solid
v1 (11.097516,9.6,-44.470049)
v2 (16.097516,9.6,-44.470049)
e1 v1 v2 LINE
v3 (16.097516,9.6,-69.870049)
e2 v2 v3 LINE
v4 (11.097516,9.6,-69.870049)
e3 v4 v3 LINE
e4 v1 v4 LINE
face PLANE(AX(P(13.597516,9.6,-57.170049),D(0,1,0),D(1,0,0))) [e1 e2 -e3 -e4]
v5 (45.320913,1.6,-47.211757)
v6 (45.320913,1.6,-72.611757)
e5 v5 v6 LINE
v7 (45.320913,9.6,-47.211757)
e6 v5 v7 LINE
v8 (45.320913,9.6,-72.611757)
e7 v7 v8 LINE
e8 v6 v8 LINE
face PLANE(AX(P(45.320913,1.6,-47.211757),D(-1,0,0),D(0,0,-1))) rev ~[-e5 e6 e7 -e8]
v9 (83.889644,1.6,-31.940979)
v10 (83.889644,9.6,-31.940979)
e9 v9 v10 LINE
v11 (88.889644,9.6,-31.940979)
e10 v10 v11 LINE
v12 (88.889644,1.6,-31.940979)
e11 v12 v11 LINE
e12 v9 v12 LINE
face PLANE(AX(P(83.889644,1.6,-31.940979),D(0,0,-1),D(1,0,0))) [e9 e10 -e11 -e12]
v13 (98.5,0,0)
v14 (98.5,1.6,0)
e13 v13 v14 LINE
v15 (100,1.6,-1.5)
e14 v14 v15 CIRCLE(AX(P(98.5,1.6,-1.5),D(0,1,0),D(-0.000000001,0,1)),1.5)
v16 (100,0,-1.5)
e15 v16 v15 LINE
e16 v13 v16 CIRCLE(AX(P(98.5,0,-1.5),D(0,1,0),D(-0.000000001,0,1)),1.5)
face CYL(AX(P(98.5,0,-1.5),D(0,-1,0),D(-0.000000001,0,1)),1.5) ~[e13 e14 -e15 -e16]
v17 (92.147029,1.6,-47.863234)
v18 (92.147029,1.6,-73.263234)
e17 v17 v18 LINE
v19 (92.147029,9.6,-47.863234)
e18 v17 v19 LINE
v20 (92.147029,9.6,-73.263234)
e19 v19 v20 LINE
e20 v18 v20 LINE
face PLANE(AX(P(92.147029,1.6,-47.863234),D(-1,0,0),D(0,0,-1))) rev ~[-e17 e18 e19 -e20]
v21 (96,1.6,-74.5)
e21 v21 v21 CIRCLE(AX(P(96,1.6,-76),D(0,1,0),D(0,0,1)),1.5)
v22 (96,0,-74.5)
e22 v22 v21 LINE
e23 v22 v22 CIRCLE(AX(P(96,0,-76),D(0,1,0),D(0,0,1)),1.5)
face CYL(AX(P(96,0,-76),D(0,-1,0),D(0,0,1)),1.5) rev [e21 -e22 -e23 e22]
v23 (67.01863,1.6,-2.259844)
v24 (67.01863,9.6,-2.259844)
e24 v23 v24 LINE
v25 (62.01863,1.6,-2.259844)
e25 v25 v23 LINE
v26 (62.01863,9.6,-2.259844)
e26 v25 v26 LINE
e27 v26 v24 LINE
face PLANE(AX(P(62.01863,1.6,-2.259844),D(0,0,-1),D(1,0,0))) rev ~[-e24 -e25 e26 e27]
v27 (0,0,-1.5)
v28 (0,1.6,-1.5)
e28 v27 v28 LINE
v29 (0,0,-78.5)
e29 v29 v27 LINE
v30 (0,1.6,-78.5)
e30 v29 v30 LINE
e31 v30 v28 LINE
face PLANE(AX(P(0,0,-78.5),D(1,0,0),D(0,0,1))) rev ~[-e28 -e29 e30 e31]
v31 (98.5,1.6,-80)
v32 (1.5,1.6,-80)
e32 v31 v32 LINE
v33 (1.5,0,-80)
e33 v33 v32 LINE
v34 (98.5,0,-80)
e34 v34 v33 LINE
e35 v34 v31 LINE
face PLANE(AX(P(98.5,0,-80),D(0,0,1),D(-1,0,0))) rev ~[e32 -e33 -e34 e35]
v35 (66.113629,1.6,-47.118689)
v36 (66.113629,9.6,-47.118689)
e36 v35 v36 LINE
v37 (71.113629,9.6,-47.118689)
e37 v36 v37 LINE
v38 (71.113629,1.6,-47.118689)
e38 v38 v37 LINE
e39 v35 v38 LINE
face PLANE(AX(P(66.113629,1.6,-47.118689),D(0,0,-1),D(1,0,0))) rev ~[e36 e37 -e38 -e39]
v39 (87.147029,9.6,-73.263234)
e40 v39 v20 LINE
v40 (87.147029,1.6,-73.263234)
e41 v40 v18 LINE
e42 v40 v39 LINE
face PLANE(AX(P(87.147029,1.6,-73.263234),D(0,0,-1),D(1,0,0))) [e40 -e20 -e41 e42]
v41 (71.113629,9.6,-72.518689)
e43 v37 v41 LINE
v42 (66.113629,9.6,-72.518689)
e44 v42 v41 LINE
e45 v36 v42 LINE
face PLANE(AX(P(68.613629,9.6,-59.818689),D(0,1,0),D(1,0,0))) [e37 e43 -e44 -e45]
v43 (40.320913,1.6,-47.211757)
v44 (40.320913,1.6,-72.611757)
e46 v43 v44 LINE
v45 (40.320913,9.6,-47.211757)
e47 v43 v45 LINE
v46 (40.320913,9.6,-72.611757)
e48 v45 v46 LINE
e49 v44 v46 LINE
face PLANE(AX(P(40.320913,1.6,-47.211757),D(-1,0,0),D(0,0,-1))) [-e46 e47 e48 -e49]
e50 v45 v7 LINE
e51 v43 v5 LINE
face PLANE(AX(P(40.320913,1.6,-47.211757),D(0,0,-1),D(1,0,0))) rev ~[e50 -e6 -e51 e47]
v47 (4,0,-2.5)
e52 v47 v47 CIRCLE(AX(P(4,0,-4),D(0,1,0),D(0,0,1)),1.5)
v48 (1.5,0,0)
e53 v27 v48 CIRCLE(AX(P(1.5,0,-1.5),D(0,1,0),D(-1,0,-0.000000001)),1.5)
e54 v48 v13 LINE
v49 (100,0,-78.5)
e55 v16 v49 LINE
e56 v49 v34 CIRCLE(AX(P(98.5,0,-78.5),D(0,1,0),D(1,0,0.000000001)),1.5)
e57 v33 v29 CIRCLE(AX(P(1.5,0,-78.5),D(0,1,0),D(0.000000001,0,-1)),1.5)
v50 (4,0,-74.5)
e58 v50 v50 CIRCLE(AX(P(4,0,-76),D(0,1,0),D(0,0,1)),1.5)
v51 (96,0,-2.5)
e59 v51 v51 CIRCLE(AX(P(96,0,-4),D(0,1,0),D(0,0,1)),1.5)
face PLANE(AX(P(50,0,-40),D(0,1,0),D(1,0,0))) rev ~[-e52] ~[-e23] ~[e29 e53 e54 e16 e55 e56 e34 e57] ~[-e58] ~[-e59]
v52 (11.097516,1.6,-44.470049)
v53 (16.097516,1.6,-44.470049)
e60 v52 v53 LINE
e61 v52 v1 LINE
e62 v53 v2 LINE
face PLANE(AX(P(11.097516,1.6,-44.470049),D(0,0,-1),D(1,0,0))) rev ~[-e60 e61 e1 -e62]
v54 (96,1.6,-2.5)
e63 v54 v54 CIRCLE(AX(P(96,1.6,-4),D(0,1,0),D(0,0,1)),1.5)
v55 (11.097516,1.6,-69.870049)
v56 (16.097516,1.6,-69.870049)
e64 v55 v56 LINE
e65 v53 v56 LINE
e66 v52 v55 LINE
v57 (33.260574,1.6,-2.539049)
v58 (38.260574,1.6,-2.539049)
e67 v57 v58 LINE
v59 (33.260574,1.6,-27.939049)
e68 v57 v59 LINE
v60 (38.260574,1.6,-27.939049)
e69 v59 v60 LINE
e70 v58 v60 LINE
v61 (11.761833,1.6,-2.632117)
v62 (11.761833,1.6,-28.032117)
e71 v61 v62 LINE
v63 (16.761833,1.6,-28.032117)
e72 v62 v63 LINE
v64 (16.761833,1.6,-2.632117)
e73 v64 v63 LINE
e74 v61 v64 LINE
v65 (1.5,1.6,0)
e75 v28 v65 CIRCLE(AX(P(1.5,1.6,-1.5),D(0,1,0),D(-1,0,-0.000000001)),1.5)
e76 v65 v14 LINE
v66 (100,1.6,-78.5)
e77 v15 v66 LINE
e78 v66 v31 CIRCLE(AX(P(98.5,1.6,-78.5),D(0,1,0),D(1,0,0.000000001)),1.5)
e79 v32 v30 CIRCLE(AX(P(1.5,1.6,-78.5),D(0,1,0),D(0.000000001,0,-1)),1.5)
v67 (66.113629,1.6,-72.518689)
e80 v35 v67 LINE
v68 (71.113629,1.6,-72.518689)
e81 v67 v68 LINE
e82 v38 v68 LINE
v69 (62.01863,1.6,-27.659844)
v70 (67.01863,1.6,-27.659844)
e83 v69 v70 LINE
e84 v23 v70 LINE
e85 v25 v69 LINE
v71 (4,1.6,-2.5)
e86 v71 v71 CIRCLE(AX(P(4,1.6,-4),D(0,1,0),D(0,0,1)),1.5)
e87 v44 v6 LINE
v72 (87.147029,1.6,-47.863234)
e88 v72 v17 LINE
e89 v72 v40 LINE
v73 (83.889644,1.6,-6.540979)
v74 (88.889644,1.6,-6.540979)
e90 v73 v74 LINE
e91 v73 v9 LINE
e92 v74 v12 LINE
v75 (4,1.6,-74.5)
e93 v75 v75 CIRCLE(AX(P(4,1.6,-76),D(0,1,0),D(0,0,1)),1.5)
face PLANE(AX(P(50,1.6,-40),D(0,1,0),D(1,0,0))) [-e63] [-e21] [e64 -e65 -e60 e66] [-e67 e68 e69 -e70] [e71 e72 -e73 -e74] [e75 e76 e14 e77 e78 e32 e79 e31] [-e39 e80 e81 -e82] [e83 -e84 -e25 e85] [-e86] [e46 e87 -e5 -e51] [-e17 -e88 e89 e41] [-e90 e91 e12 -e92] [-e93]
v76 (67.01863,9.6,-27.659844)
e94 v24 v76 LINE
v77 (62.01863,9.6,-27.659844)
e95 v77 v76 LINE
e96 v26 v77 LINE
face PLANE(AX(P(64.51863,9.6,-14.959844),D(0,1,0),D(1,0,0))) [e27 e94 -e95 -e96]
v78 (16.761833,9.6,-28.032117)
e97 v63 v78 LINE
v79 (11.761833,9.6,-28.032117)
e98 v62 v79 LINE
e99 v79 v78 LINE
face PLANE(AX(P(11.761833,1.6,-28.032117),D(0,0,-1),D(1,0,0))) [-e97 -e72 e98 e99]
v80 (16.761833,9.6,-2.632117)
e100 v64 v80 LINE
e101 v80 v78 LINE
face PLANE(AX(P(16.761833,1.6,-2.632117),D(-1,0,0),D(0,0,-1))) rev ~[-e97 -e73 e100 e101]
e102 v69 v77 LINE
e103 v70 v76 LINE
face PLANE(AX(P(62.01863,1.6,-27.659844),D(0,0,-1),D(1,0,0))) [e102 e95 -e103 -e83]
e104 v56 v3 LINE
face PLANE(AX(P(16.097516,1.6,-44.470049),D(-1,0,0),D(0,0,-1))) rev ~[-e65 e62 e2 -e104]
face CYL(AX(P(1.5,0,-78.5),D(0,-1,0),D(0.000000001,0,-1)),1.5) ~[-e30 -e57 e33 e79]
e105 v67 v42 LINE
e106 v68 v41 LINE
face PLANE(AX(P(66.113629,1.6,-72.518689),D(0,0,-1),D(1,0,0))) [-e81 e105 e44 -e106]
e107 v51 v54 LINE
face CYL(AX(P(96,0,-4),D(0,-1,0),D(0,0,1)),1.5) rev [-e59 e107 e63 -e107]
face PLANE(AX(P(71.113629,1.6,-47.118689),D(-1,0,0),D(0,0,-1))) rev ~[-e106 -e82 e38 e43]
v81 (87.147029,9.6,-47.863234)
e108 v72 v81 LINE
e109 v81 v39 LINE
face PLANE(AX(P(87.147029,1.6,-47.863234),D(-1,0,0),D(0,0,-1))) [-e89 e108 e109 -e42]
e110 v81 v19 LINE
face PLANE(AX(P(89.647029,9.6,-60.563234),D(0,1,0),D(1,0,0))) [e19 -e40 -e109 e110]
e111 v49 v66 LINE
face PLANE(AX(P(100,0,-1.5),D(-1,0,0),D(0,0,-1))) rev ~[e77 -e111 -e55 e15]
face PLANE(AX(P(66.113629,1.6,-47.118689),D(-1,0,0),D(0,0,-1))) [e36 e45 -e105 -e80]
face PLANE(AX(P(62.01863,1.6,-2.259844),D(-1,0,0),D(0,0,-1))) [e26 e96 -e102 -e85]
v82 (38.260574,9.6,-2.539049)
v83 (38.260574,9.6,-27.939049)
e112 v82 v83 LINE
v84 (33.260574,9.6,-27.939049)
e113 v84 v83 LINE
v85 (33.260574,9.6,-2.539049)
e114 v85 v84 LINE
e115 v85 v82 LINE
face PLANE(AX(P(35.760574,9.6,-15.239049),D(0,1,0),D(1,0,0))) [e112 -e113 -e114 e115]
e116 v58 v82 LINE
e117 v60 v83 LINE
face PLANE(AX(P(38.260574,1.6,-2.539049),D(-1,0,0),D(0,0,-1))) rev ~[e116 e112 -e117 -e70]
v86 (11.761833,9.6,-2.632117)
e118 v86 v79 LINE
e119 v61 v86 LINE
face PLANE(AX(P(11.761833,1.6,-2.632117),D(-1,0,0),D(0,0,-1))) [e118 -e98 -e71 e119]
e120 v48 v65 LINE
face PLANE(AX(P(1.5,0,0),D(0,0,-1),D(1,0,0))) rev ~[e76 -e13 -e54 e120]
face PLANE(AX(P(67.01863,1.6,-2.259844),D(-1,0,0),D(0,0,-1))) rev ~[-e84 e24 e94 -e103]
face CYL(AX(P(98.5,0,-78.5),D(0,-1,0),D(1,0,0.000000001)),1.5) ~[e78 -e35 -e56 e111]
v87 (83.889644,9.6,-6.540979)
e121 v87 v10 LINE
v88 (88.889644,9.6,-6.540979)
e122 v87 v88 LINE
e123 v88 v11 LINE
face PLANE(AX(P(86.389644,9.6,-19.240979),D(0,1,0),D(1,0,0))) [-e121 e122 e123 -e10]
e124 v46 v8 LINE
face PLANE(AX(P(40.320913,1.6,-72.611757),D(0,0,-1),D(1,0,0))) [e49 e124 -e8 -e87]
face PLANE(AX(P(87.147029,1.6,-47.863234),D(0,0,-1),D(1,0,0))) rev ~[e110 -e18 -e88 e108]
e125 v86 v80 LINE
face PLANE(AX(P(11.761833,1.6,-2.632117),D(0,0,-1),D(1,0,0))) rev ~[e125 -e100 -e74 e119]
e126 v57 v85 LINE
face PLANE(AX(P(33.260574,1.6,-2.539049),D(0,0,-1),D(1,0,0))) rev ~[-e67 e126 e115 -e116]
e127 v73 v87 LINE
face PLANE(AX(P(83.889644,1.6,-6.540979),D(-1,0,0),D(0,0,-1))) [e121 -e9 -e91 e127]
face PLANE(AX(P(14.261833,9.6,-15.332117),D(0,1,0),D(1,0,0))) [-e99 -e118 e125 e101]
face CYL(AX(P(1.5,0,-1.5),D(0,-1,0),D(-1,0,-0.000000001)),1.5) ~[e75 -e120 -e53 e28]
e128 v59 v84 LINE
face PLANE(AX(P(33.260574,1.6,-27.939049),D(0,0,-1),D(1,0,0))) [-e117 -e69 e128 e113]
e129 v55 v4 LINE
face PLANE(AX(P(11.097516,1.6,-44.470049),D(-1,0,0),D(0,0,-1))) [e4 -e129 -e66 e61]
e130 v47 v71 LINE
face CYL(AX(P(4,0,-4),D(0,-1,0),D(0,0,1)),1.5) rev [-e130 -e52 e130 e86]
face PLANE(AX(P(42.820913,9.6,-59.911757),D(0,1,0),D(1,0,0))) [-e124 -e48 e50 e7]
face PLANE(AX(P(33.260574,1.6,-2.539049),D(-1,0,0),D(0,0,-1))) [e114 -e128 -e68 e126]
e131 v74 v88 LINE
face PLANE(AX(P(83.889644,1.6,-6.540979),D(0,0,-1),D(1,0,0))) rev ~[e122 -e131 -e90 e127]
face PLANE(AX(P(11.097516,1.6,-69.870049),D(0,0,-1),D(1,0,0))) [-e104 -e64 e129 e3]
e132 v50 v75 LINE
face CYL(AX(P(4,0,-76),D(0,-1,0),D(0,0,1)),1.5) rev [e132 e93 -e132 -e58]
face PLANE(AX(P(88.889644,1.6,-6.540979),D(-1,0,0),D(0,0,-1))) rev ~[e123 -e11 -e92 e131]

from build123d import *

# Parameters (mm, degrees)
SKETCH1_R           = 1.5
BOSS_EXTRUDE1_DEPTH = 1.6
SKETCH2_W           = 5
SKETCH2_H           = 25.4
BOSS_EXTRUDE2_DEPTH = 8


with BuildPart() as part:
    # Sketch1 → Boss-Extrude1 (new body)
    with BuildSketch(Plane(origin=(0, 0, 0), x_dir=(1, 0, 0), z_dir=(0, 1, 0))):
        with BuildLine():
            Line((1.5, 0), (98.5, 0))
            ThreePointArc((98.5, 0), (99.560660172, 0.439339828), (100, 1.5))
            Line((100, 1.5), (100, 78.5))
            ThreePointArc((100, 78.5), (99.560660172, 79.560660172), (98.5, 80))
            Line((98.5, 80), (1.5, 80))
            ThreePointArc((1.5, 80), (0.439339828, 79.560660172), (0, 78.5))
            Line((0, 78.5), (0, 1.5))
            ThreePointArc((0, 1.5), (0.439339828, 0.439339828), (1.5, 0))
        make_face()
        with Locations(Location((4, 4, 0), (0, 0, 270))):
            Circle(SKETCH1_R, mode=Mode.SUBTRACT)
        with Locations(Location((96, 76, 0), (0, 0, 270))):
            Circle(SKETCH1_R, mode=Mode.SUBTRACT)
        with Locations(Location((96, 4, 0), (0, 0, 270))):
            Circle(SKETCH1_R, mode=Mode.SUBTRACT)
        with Locations(Location((4, 76, 0), (0, 0, 270))):
            Circle(SKETCH1_R, mode=Mode.SUBTRACT)
    extrude(amount=BOSS_EXTRUDE1_DEPTH)

    # Sketch2 → Boss-Extrude2 (add)
    with BuildSketch(Plane(origin=(0, 1.6, 0), x_dir=(1, 0, 0), z_dir=(0, 1, 0))):
        with Locations((14.261833114, 15.332116758)):
            Rectangle(SKETCH2_W, SKETCH2_H)
        with Locations((13.597516255, 57.170048516)):
            Rectangle(SKETCH2_W, SKETCH2_H)
        with Locations((89.647028889, 60.563234223)):
            Rectangle(SKETCH2_W, SKETCH2_H)
        with Locations((86.389643886, 19.240978761)):
            Rectangle(SKETCH2_W, SKETCH2_H)
        with Locations((42.820913135, 59.911757222)):
            Rectangle(SKETCH2_W, SKETCH2_H)
        with Locations((68.613628586, 59.818689079)):
            Rectangle(SKETCH2_W, SKETCH2_H)
        with Locations((35.760574132, 15.239048615)):
            Rectangle(SKETCH2_W, SKETCH2_H)
        with Locations((64.518630297, 14.959844186)):
            Rectangle(SKETCH2_W, SKETCH2_H)
    extrude(amount=BOSS_EXTRUDE2_DEPTH)


solid = part.part
